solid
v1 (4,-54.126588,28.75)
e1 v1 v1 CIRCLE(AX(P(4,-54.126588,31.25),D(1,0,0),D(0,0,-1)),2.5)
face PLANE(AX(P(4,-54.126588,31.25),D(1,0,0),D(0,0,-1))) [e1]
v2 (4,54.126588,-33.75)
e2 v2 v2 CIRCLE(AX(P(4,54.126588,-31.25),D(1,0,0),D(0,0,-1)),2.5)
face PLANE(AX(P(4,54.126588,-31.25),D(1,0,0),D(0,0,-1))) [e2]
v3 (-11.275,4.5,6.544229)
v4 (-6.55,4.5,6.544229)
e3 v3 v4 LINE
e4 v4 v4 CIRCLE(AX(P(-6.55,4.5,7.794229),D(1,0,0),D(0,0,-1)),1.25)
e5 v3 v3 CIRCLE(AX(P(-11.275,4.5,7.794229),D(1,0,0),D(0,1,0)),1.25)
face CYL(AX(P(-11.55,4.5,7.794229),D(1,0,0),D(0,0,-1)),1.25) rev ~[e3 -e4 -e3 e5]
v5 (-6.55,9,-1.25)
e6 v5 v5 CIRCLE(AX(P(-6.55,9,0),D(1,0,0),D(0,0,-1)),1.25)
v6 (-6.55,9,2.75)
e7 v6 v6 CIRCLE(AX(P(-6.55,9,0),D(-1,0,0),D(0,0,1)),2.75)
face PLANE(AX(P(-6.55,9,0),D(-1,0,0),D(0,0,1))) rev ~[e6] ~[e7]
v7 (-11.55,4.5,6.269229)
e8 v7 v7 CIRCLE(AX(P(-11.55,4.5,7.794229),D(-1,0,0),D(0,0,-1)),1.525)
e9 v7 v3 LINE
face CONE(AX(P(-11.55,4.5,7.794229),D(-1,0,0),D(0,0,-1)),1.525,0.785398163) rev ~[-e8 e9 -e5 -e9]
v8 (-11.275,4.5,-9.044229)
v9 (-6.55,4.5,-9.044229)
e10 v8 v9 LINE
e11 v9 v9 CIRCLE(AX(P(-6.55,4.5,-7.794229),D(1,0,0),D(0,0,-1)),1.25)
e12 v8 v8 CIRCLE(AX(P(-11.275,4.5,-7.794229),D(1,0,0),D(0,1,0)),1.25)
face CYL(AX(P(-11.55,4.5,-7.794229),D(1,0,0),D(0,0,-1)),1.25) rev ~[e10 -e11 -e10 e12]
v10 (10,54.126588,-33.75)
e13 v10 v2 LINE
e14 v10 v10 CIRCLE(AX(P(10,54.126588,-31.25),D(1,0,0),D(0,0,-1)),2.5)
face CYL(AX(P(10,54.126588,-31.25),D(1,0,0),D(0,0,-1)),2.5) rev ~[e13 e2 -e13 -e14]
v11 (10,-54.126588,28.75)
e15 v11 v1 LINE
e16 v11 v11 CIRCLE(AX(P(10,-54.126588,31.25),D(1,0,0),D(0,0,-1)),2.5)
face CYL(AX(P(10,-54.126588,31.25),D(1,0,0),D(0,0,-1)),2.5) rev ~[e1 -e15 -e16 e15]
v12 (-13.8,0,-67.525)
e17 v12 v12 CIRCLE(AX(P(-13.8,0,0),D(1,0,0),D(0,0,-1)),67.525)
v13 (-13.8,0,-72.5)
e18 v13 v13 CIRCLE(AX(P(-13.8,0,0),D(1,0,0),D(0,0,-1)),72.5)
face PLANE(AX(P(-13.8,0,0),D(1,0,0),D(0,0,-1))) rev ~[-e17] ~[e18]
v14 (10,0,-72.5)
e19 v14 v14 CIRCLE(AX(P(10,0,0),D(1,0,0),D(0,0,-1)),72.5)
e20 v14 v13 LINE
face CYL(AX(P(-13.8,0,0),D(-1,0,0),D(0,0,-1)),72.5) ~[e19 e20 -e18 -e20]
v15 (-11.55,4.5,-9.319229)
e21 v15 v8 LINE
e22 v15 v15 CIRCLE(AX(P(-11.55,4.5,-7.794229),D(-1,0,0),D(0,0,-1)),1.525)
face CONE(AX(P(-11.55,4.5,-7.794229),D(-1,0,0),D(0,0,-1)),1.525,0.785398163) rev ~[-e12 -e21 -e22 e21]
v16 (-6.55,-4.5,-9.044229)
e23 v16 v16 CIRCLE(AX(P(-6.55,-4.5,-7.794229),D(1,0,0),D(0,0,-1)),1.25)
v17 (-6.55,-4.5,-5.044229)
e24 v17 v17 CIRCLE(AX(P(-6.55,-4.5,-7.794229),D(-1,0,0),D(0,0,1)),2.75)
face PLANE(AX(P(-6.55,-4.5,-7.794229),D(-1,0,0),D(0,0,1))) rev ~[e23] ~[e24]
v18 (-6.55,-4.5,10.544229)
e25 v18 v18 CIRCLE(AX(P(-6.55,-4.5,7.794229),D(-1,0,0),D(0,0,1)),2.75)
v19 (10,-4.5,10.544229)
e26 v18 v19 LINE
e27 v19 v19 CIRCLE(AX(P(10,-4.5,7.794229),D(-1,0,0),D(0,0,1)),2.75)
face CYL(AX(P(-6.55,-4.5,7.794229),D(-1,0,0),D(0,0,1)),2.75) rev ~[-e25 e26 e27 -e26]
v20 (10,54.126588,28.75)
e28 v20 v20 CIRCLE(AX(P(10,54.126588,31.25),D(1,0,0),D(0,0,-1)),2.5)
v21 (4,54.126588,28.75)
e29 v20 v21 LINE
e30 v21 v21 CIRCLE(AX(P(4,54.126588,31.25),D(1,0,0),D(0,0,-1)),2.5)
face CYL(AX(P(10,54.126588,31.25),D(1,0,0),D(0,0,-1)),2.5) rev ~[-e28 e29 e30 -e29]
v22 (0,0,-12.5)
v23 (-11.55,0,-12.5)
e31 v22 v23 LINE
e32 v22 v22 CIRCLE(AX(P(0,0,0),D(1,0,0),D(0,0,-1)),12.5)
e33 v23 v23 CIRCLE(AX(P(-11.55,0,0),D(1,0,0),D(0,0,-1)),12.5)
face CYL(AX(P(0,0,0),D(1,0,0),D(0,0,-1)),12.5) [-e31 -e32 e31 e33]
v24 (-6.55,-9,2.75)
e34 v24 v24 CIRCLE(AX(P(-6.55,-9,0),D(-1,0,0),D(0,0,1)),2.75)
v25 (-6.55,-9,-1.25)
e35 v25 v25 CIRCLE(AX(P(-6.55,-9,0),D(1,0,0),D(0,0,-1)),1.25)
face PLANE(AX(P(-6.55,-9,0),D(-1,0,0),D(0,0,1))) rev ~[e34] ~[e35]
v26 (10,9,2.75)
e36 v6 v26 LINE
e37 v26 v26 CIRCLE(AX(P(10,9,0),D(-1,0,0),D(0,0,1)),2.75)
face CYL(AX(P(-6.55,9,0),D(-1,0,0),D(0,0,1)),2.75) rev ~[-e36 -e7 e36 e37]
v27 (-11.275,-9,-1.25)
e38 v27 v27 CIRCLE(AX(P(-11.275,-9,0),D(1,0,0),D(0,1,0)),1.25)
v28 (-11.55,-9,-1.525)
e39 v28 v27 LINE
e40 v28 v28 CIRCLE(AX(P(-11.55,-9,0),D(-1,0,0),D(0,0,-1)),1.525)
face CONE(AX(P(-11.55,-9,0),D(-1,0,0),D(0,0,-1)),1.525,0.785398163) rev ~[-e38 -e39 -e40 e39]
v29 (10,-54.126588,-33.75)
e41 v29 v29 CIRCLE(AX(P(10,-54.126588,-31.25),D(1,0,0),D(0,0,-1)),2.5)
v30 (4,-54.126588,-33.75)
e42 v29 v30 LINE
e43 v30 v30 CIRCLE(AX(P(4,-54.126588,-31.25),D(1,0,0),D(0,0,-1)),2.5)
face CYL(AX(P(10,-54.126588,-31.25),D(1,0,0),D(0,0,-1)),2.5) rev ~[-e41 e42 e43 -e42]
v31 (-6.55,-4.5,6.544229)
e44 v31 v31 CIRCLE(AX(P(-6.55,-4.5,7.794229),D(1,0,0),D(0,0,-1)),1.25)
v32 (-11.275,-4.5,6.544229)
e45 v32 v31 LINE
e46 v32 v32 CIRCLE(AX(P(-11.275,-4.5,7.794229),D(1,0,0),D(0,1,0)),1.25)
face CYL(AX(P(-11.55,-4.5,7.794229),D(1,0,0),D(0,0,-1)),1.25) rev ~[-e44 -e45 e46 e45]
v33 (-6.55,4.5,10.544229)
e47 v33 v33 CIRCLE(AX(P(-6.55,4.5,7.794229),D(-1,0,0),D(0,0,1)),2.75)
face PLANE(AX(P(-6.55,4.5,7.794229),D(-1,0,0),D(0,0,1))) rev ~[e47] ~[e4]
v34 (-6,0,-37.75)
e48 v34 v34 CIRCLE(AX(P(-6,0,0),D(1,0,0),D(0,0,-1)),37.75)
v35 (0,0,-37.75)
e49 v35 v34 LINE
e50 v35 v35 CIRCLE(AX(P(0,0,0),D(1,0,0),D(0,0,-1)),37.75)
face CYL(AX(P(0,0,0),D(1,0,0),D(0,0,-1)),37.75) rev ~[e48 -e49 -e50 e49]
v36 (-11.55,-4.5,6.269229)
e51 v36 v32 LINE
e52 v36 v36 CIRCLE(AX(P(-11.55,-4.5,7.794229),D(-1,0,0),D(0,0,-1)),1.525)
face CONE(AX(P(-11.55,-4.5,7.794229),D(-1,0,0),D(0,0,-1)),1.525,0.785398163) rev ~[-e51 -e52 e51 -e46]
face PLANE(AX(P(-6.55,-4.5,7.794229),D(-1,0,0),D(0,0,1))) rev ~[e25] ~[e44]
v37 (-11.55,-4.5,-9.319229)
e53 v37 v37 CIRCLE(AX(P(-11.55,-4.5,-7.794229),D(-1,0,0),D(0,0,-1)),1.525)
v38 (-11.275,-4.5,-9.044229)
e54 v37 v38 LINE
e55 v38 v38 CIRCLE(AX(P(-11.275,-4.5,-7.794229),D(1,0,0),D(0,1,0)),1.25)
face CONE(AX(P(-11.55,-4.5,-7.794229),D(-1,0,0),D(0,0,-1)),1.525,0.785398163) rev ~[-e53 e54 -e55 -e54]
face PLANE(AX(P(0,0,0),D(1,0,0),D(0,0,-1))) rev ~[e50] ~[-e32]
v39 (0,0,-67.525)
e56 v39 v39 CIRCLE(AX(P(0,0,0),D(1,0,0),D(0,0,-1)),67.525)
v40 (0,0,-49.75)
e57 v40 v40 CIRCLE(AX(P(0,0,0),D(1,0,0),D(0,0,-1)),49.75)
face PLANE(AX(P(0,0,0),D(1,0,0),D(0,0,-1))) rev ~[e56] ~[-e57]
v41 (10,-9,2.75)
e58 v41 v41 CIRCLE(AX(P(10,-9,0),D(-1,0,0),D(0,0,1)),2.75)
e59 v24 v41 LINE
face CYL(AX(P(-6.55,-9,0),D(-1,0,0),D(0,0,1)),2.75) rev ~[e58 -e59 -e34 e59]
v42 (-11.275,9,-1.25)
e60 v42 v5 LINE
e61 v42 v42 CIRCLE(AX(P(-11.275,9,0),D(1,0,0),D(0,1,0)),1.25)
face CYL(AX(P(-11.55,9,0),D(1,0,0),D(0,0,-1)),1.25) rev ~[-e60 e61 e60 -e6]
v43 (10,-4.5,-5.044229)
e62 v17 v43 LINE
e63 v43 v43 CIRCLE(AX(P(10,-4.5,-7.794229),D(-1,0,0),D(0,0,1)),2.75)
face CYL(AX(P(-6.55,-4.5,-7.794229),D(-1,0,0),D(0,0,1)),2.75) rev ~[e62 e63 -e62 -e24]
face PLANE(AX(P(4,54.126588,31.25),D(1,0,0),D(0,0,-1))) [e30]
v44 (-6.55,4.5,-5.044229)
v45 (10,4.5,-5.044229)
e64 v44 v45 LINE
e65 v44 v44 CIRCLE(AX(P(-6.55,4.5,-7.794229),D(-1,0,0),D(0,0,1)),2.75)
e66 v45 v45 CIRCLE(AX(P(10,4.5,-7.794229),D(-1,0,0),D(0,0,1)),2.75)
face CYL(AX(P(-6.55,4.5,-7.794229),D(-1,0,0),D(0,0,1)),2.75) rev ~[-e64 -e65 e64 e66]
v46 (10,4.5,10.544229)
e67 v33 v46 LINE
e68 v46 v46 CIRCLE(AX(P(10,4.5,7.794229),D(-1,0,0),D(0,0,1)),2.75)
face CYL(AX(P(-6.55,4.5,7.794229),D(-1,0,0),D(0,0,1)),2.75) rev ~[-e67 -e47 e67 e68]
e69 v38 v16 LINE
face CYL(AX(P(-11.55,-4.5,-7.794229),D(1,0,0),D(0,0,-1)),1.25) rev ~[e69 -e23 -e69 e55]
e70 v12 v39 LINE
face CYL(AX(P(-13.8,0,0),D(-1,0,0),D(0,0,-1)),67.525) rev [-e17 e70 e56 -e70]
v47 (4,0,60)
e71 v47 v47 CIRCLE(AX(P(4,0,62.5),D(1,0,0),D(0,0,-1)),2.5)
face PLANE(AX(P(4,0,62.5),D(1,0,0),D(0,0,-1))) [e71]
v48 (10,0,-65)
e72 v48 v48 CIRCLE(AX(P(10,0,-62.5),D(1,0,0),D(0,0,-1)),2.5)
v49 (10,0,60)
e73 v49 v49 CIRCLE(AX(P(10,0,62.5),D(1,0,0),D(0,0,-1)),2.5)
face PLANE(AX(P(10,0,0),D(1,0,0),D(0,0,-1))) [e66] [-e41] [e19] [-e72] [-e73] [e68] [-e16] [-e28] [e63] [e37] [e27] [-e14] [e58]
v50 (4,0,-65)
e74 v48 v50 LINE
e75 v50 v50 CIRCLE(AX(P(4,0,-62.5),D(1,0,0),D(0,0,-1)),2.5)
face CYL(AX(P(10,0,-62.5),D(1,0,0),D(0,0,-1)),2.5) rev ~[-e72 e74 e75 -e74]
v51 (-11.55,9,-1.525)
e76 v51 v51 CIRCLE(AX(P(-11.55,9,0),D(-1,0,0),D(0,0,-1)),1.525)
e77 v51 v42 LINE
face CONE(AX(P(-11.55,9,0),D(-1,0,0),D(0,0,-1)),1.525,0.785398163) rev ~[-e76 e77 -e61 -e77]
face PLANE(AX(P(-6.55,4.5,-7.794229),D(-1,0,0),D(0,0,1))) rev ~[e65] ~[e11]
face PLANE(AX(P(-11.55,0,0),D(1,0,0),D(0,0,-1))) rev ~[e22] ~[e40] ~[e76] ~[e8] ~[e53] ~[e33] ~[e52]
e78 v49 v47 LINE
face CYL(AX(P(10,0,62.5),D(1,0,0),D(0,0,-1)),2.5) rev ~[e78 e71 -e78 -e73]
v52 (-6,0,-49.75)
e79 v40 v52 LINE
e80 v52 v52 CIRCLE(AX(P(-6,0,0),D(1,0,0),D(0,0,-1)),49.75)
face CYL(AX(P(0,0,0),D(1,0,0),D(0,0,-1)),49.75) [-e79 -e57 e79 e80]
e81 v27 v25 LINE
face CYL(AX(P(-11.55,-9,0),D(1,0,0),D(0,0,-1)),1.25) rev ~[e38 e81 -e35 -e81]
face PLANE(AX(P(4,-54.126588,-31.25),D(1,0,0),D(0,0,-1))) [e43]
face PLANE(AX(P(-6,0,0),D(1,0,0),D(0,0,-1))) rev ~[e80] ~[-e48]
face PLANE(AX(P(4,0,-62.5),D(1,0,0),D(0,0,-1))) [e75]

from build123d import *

# Parameters (mm, degrees)
SKETCH1_R                   = 72.5
BOSS_EXTRUDE1_DEPTH         = 10
SKETCH1_3_R                 = 12.5
BOSS_EXTRUDE2_DEPTH         = 11.55
SKETCH1_4_R                 = 49.75
SKETCH1_4_R_2               = 37.75
BOSS_EXTRUDE3_DEPTH         = 6
BOSS_EXTRUDE4_START         = -13.8
SKETCH1_5_R                 = 72.5
SKETCH1_5_R_2               = 67.525
BOSS_EXTRUDE4_DEPTH         = 13.8
CUT_EXTRUDE1_REACH          = 111.771
CUT_EXTRUDE1_START          = -5
SKETCH2_R                   = 2.75
M3_TAPPED_HOLE1_D           = 2.5
M3_TAPPED_HOLE1_CSINK_D     = 3.05
M3_TAPPED_HOLE1_CSINK_ANGLE = 90
SKETCH6_R                   = 2.5
CUT_EXTRUDE2_DEPTH          = 6


with BuildPart() as part:
    # Sketch1 → Boss-Extrude1 (new body)
    with BuildSketch(Plane(origin=(0, 0, 0), x_dir=(0, 0, -1), z_dir=(1, 0, 0))):
        Circle(SKETCH1_R)
    extrude(amount=BOSS_EXTRUDE1_DEPTH)

    # Sketch1<3> → Boss-Extrude2 (add)
    with BuildSketch(Plane(origin=(0, 0, 0), x_dir=(0, 0, -1), z_dir=(1, 0, 0))):
        Circle(SKETCH1_3_R)
    extrude(amount=-BOSS_EXTRUDE2_DEPTH)

    # Sketch1<4> → Boss-Extrude3 (add)
    with BuildSketch(Plane(origin=(0, 0, 0), x_dir=(0, 0, -1), z_dir=(1, 0, 0))):
        Circle(SKETCH1_4_R)
        Circle(SKETCH1_4_R_2, mode=Mode.SUBTRACT)
    extrude(amount=-BOSS_EXTRUDE3_DEPTH)

    # Sketch1<5> → Boss-Extrude4 (add)
    with BuildSketch(Plane(origin=(0, 0, 0), x_dir=(0, 0, -1), z_dir=(1, 0, 0)).offset(BOSS_EXTRUDE4_START)):
        Circle(SKETCH1_5_R)
        Circle(SKETCH1_5_R_2, mode=Mode.SUBTRACT)
    extrude(amount=BOSS_EXTRUDE4_DEPTH)

    # Sketch2 → Cut-Extrude1 (cut, up to next)
    with BuildSketch(Plane.ZY.offset(11.55).offset(CUT_EXTRUDE1_START), mode=Mode.PRIVATE) as cut_extrude1_sk1:
        with Locations((0, 9)):
            Circle(SKETCH2_R)
    cut_extrude1_tool1 = extrude(cut_extrude1_sk1.sketch, amount=-CUT_EXTRUDE1_REACH, mode=Mode.PRIVATE) & part.part
    # Sketch2 → Cut-Extrude1 (cut, up to next)
    with BuildSketch(Plane.ZY.offset(11.55).offset(CUT_EXTRUDE1_START), mode=Mode.PRIVATE) as cut_extrude1_sk2:
        with Locations((7.794228634, 4.5)):
            Circle(SKETCH2_R)
    cut_extrude1_tool2 = extrude(cut_extrude1_sk2.sketch, amount=-CUT_EXTRUDE1_REACH, mode=Mode.PRIVATE) & part.part
    # Sketch2 → Cut-Extrude1 (cut, up to next)
    with BuildSketch(Plane.ZY.offset(11.55).offset(CUT_EXTRUDE1_START), mode=Mode.PRIVATE) as cut_extrude1_sk3:
        with Locations((7.794228634, -4.5)):
            Circle(SKETCH2_R)
    cut_extrude1_tool3 = extrude(cut_extrude1_sk3.sketch, amount=-CUT_EXTRUDE1_REACH, mode=Mode.PRIVATE) & part.part
    # Sketch2 → Cut-Extrude1 (cut, up to next)
    with BuildSketch(Plane.ZY.offset(11.55).offset(CUT_EXTRUDE1_START), mode=Mode.PRIVATE) as cut_extrude1_sk4:
        with Locations((0, -9)):
            Circle(SKETCH2_R)
    cut_extrude1_tool4 = extrude(cut_extrude1_sk4.sketch, amount=-CUT_EXTRUDE1_REACH, mode=Mode.PRIVATE) & part.part
    # Sketch2 → Cut-Extrude1 (cut, up to next)
    with BuildSketch(Plane.ZY.offset(11.55).offset(CUT_EXTRUDE1_START), mode=Mode.PRIVATE) as cut_extrude1_sk5:
        with Locations((-7.794228634, -4.5)):
            Circle(SKETCH2_R)
    cut_extrude1_tool5 = extrude(cut_extrude1_sk5.sketch, amount=-CUT_EXTRUDE1_REACH, mode=Mode.PRIVATE) & part.part
    # Sketch2 → Cut-Extrude1 (cut, up to next)
    with BuildSketch(Plane.ZY.offset(11.55).offset(CUT_EXTRUDE1_START), mode=Mode.PRIVATE) as cut_extrude1_sk6:
        with Locations((-7.794228634, 4.5)):
            Circle(SKETCH2_R)
    cut_extrude1_tool6 = extrude(cut_extrude1_sk6.sketch, amount=-CUT_EXTRUDE1_REACH, mode=Mode.PRIVATE) & part.part
    add(cut_extrude1_tool1.solids().sort_by_distance((-6.55, 9, 0))[0], mode=Mode.SUBTRACT)
    add(cut_extrude1_tool2.solids().sort_by_distance((-6.55, 4.5, 7.794229))[0], mode=Mode.SUBTRACT)
    add(cut_extrude1_tool3.solids().sort_by_distance((-6.55, -4.5, 7.794229))[0], mode=Mode.SUBTRACT)
    add(cut_extrude1_tool4.solids().sort_by_distance((-6.55, -9, 0))[0], mode=Mode.SUBTRACT)
    add(cut_extrude1_tool5.solids().sort_by_distance((-6.55, -4.5, -7.794229))[0], mode=Mode.SUBTRACT)
    add(cut_extrude1_tool6.solids().sort_by_distance((-6.55, 4.5, -7.794229))[0], mode=Mode.SUBTRACT)

    # M3 Tapped Hole1 (through all)
    with Locations(Plane.ZY.offset(11.55)):
        with Locations((0, 9), (7.794228634, 4.5), (7.794228634, -4.5), (0, -9), (-7.794228634, -4.5), (-7.794228634, 4.5)):
            CounterSinkHole(M3_TAPPED_HOLE1_D / 2, M3_TAPPED_HOLE1_CSINK_D / 2, counter_sink_angle=M3_TAPPED_HOLE1_CSINK_ANGLE)

    # Sketch6 → Cut-Extrude2 (cut)
    with BuildSketch(Plane(origin=(10, 0, 0), x_dir=(0, 0, -1), z_dir=(1, 0, 0))):
        with Locations((-62.5, 0)):
            Circle(SKETCH6_R)
        with Locations((-31.25, 54.126587737)):
            Circle(SKETCH6_R)
        with Locations((31.25, 54.126587737)):
            Circle(SKETCH6_R)
        with Locations((62.5, 0)):
            Circle(SKETCH6_R)
        with Locations((31.25, -54.126587737)):
            Circle(SKETCH6_R)
        with Locations((-31.25, -54.126587737)):
            Circle(SKETCH6_R)
    extrude(amount=-CUT_EXTRUDE2_DEPTH, mode=Mode.SUBTRACT)


solid = part.part
